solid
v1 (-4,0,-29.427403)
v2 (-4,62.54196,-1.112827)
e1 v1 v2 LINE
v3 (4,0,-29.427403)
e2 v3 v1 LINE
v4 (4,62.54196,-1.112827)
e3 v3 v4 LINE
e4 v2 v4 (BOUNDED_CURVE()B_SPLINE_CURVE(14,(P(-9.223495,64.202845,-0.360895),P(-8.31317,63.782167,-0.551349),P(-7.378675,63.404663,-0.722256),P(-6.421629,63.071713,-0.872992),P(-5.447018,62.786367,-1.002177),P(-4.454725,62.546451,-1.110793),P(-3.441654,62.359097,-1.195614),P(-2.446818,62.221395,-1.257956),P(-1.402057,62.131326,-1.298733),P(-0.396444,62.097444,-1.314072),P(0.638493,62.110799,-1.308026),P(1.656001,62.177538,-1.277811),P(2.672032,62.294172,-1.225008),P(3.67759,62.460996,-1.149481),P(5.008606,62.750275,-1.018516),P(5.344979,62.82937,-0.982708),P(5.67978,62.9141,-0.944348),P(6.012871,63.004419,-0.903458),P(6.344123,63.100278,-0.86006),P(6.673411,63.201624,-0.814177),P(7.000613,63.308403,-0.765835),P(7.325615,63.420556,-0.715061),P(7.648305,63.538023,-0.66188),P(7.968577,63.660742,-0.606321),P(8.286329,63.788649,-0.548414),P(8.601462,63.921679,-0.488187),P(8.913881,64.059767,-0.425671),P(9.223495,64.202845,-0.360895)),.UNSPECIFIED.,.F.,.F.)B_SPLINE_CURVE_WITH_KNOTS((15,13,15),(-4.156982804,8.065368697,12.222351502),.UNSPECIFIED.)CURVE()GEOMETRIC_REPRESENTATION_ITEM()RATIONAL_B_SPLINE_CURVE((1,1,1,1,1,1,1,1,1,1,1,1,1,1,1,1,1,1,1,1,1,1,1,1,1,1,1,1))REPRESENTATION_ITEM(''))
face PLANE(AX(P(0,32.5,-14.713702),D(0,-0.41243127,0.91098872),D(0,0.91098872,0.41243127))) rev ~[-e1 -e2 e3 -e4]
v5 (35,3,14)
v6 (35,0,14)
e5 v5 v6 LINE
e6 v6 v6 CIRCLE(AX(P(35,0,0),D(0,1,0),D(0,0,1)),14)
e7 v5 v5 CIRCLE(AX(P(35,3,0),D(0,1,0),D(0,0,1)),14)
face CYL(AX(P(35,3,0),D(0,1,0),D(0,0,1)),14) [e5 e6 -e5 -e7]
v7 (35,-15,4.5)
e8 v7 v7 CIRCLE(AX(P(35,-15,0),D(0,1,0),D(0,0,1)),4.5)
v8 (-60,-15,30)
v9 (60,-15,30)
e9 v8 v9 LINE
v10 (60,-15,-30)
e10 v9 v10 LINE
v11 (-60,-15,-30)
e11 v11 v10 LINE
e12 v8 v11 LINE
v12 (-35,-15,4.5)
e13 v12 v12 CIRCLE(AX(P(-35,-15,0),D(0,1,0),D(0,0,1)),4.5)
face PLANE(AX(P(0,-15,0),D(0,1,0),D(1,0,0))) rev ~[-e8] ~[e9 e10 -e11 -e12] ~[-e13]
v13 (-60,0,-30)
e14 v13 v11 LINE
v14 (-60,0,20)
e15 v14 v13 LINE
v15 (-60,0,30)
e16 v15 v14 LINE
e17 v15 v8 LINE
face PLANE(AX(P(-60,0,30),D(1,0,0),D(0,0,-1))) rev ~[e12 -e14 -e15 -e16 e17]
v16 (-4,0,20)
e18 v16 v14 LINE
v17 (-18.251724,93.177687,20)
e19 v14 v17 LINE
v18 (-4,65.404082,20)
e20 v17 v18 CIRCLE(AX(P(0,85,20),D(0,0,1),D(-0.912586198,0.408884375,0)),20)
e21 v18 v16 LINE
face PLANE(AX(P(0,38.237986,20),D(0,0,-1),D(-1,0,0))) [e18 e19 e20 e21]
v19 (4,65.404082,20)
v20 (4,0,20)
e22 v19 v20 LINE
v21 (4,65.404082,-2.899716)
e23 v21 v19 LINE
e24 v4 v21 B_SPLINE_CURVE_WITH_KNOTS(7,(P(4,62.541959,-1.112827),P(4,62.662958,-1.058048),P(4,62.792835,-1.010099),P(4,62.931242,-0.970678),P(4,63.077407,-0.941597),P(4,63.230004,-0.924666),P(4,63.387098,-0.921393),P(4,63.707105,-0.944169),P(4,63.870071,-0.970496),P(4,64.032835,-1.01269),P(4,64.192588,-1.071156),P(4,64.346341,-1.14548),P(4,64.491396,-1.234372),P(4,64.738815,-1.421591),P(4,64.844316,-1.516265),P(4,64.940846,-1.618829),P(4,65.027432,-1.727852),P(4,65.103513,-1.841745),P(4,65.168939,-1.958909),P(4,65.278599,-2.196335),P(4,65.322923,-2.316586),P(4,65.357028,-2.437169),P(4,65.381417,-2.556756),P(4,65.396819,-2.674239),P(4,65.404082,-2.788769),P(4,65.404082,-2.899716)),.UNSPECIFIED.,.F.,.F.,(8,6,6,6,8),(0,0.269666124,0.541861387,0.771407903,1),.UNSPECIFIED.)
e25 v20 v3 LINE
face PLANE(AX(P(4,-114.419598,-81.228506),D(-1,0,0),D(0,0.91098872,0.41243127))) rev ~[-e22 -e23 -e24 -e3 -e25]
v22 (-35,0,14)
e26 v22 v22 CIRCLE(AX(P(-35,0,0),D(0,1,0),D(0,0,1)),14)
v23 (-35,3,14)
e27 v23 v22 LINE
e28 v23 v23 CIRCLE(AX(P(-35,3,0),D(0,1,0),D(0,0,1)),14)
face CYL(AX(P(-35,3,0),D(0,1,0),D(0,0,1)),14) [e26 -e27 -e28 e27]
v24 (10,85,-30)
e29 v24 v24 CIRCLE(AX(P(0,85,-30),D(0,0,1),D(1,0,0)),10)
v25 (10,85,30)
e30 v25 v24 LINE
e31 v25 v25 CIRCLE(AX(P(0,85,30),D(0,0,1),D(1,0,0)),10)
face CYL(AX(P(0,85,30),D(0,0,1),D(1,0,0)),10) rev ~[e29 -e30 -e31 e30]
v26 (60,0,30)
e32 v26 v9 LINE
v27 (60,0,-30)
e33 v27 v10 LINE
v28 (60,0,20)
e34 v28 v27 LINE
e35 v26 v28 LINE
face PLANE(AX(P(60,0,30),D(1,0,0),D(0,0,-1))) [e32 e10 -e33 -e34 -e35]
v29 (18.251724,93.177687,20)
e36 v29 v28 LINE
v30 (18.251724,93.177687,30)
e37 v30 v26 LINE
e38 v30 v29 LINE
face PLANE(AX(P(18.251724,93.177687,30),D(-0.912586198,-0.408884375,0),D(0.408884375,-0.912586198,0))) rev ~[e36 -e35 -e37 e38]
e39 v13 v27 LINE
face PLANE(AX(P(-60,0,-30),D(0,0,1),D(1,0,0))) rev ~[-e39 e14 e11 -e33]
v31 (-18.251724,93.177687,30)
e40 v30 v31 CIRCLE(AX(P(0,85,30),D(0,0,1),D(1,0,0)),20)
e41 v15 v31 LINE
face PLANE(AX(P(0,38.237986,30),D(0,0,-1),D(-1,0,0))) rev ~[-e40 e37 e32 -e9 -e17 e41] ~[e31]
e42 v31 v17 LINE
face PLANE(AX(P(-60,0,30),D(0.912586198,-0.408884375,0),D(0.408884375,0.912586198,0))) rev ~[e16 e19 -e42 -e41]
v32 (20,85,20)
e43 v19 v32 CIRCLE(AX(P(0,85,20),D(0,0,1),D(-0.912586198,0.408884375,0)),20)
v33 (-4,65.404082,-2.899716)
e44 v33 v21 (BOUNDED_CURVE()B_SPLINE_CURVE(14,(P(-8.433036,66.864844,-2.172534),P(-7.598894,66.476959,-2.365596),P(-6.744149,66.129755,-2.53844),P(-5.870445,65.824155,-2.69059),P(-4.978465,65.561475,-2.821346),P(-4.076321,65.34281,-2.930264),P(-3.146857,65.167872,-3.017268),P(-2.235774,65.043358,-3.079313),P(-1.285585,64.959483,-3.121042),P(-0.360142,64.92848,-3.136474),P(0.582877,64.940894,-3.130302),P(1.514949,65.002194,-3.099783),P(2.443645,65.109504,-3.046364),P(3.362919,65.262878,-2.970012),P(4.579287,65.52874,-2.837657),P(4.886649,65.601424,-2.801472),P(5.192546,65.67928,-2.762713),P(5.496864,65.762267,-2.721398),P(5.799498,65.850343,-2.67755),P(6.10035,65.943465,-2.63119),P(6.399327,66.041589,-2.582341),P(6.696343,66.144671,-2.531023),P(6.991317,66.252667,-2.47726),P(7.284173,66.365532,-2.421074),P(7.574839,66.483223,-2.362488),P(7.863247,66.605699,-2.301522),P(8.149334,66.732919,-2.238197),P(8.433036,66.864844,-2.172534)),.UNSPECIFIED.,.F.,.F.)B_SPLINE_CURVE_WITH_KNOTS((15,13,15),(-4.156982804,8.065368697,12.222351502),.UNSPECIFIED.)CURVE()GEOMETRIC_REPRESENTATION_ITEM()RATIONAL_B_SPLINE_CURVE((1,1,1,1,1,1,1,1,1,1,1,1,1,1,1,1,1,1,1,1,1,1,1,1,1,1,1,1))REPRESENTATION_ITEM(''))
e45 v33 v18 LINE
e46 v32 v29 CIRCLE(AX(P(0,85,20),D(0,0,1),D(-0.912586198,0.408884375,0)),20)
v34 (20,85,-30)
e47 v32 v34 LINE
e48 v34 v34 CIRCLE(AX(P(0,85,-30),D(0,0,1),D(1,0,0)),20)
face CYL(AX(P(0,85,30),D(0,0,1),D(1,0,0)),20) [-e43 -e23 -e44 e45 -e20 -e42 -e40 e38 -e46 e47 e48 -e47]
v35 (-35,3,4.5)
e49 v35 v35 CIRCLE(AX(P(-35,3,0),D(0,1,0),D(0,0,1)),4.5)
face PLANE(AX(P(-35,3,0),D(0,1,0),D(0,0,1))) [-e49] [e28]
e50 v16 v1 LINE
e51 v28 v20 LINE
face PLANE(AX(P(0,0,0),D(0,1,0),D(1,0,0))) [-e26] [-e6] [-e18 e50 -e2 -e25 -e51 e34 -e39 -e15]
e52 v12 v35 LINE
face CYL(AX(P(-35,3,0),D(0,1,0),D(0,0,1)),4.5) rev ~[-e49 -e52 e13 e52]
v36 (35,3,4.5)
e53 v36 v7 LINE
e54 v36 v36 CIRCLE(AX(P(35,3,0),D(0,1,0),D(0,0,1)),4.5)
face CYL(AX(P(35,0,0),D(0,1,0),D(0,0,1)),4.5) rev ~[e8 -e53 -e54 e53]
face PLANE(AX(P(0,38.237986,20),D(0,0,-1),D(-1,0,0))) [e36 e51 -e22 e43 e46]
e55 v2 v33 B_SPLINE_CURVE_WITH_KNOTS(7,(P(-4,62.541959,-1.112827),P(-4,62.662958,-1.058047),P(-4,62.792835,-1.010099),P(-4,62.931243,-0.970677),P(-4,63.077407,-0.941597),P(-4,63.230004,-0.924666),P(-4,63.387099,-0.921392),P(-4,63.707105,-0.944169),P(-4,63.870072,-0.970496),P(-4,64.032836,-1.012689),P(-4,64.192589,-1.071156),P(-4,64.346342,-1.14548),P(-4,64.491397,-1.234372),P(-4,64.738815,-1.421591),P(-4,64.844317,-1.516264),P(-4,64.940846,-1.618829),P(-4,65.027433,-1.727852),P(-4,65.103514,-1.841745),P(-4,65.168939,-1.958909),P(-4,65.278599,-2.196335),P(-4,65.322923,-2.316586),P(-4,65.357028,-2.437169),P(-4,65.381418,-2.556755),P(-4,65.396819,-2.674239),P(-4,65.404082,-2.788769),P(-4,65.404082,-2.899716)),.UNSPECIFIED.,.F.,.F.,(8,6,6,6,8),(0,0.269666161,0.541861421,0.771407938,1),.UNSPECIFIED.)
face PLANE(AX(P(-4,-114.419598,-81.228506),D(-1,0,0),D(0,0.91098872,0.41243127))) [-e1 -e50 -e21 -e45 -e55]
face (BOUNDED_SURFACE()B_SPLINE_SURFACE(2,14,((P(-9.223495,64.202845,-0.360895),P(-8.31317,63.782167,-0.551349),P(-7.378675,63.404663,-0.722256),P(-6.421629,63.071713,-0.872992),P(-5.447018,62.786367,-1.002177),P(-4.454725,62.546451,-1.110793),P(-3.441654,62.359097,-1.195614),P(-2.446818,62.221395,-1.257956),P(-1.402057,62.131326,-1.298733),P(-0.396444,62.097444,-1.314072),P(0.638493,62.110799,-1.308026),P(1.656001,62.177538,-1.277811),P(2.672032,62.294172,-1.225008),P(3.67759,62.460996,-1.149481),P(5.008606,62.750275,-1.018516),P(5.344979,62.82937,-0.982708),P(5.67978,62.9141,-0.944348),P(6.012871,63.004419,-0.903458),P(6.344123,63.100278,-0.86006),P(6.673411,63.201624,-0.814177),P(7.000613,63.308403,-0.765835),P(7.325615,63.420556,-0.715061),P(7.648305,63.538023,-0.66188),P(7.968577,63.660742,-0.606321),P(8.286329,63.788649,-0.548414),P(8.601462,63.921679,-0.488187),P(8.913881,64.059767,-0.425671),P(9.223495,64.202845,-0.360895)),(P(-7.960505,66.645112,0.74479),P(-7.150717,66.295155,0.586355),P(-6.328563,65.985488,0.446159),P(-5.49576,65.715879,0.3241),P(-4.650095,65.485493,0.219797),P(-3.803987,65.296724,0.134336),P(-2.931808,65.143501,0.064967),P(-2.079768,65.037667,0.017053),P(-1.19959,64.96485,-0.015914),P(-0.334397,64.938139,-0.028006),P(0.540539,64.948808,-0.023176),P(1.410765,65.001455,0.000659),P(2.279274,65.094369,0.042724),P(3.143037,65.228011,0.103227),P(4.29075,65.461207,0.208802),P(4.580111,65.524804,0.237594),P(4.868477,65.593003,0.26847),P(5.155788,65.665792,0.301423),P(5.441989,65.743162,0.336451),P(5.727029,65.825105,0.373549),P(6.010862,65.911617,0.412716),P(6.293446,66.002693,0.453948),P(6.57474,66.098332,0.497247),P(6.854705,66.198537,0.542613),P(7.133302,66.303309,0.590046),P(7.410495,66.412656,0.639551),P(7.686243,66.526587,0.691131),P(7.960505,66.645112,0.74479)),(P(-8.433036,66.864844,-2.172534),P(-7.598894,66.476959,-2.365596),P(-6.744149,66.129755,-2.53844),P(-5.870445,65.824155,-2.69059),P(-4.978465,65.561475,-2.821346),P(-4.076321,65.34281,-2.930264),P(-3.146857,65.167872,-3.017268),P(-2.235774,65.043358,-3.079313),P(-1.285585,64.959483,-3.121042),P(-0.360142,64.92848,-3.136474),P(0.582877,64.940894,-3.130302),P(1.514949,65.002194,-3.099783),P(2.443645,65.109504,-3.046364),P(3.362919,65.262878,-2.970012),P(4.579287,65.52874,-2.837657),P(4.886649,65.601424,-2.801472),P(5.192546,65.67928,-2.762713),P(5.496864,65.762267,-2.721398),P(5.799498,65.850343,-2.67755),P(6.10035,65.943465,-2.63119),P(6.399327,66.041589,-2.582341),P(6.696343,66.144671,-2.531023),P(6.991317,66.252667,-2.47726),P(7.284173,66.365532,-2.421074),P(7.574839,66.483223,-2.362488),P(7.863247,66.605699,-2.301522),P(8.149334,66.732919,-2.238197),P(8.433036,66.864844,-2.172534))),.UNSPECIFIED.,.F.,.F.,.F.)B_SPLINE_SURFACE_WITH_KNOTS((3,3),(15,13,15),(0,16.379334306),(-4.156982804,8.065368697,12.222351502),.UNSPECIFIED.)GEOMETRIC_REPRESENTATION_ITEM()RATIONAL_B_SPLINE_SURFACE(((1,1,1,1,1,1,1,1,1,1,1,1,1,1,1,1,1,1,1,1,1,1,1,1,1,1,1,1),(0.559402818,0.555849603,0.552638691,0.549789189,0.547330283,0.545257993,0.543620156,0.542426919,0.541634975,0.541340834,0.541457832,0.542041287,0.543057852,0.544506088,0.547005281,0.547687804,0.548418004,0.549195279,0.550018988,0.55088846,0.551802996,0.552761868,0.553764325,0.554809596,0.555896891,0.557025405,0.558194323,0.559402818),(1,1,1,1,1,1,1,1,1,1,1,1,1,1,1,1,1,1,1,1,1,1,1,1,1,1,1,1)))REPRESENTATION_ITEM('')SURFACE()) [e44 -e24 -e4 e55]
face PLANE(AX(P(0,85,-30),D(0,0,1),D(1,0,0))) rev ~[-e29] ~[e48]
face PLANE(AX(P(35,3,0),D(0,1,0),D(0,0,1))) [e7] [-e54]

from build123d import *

# Parameters (mm, degrees)
SKETCH1_W           = 120
SKETCH1_H           = 60
SKETCH1_R           = 4.5
BOSS_EXTRUDE1_DEPTH = 15
SKETCH2_R           = 20
SKETCH2_R_2         = 10
BOSS_EXTRUDE2_DEPTH = 60
BOSS_EXTRUDE3_DEPTH = 10
BOSS_EXTRUDE4_START = 3
SKETCH11_R          = 14
SKETCH11_R_2        = 4.5
BOSS_EXTRUDE4_DEPTH = 3
RIB1_REACH          = 126.599
SKETCH13_WALL_W     = 322.54976404
SKETCH13_WALL_H     = 8
FILLET1_R           = 2


with BuildPart() as part:
    # Sketch1 → Boss-Extrude1 (new body)
    with BuildSketch(Plane(origin=(0, 0, 0), x_dir=(1, 0, 0), z_dir=(0, 1, 0))):
        Rectangle(SKETCH1_W, SKETCH1_H)
        with Locations(Location((-35, 0, 0), (0, 0, 270))):
            Circle(SKETCH1_R, mode=Mode.SUBTRACT)
        with Locations(Location((35, 0, 0), (0, 0, 270))):
            Circle(SKETCH1_R, mode=Mode.SUBTRACT)
    extrude(amount=-BOSS_EXTRUDE1_DEPTH)



with BuildPart() as body_2:
    # Sketch2 → Boss-Extrude2 (new body)
    with BuildSketch(Plane.XY.offset(30)):
        with Locations((0, 85)):
            Circle(SKETCH2_R)
        with Locations((0, 85)):
            Circle(SKETCH2_R_2, mode=Mode.SUBTRACT)
    extrude(amount=-BOSS_EXTRUDE2_DEPTH)


with BuildPart() as part_1:
    add(part.part)

    add(body_2.part)  # Boss-Extrude3 merges body 2
    # Sketch3 → Boss-Extrude3 (add)
    with BuildSketch(Plane.XY.offset(30)):
        with BuildLine():
            Line((-60, 0), (-18.251723952, 93.177687496))
            ThreePointArc((-18.251723952, 93.177687496), (0, 65), (18.251723952, 93.177687496))
            Line((18.251723952, 93.177687496), (60, 0))
            Line((60, 0), (-60, 0))
        make_face()
    extrude(amount=-BOSS_EXTRUDE3_DEPTH)

    # Sketch11 → Boss-Extrude4 (add)
    # profile 1 of 2: a face of its own
    with BuildSketch(Plane(origin=(0, 0, 0), x_dir=(1, 0, 0), z_dir=(0, 1, 0)).offset(BOSS_EXTRUDE4_START)):
        with Locations(Location((-35, 0, 0), (0, 0, 270))):
            Circle(SKETCH11_R)
        with Locations(Location((-35, 0, 0), (0, 0, 270))):
            Circle(SKETCH11_R_2, mode=Mode.SUBTRACT)
    # profile 2 of 2: a face of its own
    with BuildSketch(Plane(origin=(0, 0, 0), x_dir=(1, 0, 0), z_dir=(0, 1, 0)).offset(BOSS_EXTRUDE4_START)):
        with Locations(Location((35, 0, 0), (0, 0, 270))):
            Circle(SKETCH11_R)
        with Locations(Location((35, 0, 0), (0, 0, 270))):
            Circle(SKETCH11_R_2, mode=Mode.SUBTRACT)
    extrude(amount=-BOSS_EXTRUDE4_DEPTH)

    # Sketch13 wall → Rib1 (add, up to next)
    with BuildSketch(Plane(origin=(0, 32.5, -14.713701713), x_dir=(0, 0.910988719631, 0.41243127028), z_dir=(0, -0.41243127028, 0.910988719631)), mode=Mode.PRIVATE) as rib1_sk1:
        Rectangle(SKETCH13_WALL_W, SKETCH13_WALL_H)
    rib1_tool1 = extrude(rib1_sk1.sketch, amount=RIB1_REACH, mode=Mode.PRIVATE) - part_1.part
    add(rib1_tool1.solids().sort_by_distance((0, 32.5, -14.713701713))[0])

    # Fillet1
    fillet1_edges = [part_1.edges().sort_by_distance(p)[0] for p in [
        (0, 65, -1e-09),
    ]]
    fillet(fillet1_edges, radius=FILLET1_R)


solid = part_1.part
